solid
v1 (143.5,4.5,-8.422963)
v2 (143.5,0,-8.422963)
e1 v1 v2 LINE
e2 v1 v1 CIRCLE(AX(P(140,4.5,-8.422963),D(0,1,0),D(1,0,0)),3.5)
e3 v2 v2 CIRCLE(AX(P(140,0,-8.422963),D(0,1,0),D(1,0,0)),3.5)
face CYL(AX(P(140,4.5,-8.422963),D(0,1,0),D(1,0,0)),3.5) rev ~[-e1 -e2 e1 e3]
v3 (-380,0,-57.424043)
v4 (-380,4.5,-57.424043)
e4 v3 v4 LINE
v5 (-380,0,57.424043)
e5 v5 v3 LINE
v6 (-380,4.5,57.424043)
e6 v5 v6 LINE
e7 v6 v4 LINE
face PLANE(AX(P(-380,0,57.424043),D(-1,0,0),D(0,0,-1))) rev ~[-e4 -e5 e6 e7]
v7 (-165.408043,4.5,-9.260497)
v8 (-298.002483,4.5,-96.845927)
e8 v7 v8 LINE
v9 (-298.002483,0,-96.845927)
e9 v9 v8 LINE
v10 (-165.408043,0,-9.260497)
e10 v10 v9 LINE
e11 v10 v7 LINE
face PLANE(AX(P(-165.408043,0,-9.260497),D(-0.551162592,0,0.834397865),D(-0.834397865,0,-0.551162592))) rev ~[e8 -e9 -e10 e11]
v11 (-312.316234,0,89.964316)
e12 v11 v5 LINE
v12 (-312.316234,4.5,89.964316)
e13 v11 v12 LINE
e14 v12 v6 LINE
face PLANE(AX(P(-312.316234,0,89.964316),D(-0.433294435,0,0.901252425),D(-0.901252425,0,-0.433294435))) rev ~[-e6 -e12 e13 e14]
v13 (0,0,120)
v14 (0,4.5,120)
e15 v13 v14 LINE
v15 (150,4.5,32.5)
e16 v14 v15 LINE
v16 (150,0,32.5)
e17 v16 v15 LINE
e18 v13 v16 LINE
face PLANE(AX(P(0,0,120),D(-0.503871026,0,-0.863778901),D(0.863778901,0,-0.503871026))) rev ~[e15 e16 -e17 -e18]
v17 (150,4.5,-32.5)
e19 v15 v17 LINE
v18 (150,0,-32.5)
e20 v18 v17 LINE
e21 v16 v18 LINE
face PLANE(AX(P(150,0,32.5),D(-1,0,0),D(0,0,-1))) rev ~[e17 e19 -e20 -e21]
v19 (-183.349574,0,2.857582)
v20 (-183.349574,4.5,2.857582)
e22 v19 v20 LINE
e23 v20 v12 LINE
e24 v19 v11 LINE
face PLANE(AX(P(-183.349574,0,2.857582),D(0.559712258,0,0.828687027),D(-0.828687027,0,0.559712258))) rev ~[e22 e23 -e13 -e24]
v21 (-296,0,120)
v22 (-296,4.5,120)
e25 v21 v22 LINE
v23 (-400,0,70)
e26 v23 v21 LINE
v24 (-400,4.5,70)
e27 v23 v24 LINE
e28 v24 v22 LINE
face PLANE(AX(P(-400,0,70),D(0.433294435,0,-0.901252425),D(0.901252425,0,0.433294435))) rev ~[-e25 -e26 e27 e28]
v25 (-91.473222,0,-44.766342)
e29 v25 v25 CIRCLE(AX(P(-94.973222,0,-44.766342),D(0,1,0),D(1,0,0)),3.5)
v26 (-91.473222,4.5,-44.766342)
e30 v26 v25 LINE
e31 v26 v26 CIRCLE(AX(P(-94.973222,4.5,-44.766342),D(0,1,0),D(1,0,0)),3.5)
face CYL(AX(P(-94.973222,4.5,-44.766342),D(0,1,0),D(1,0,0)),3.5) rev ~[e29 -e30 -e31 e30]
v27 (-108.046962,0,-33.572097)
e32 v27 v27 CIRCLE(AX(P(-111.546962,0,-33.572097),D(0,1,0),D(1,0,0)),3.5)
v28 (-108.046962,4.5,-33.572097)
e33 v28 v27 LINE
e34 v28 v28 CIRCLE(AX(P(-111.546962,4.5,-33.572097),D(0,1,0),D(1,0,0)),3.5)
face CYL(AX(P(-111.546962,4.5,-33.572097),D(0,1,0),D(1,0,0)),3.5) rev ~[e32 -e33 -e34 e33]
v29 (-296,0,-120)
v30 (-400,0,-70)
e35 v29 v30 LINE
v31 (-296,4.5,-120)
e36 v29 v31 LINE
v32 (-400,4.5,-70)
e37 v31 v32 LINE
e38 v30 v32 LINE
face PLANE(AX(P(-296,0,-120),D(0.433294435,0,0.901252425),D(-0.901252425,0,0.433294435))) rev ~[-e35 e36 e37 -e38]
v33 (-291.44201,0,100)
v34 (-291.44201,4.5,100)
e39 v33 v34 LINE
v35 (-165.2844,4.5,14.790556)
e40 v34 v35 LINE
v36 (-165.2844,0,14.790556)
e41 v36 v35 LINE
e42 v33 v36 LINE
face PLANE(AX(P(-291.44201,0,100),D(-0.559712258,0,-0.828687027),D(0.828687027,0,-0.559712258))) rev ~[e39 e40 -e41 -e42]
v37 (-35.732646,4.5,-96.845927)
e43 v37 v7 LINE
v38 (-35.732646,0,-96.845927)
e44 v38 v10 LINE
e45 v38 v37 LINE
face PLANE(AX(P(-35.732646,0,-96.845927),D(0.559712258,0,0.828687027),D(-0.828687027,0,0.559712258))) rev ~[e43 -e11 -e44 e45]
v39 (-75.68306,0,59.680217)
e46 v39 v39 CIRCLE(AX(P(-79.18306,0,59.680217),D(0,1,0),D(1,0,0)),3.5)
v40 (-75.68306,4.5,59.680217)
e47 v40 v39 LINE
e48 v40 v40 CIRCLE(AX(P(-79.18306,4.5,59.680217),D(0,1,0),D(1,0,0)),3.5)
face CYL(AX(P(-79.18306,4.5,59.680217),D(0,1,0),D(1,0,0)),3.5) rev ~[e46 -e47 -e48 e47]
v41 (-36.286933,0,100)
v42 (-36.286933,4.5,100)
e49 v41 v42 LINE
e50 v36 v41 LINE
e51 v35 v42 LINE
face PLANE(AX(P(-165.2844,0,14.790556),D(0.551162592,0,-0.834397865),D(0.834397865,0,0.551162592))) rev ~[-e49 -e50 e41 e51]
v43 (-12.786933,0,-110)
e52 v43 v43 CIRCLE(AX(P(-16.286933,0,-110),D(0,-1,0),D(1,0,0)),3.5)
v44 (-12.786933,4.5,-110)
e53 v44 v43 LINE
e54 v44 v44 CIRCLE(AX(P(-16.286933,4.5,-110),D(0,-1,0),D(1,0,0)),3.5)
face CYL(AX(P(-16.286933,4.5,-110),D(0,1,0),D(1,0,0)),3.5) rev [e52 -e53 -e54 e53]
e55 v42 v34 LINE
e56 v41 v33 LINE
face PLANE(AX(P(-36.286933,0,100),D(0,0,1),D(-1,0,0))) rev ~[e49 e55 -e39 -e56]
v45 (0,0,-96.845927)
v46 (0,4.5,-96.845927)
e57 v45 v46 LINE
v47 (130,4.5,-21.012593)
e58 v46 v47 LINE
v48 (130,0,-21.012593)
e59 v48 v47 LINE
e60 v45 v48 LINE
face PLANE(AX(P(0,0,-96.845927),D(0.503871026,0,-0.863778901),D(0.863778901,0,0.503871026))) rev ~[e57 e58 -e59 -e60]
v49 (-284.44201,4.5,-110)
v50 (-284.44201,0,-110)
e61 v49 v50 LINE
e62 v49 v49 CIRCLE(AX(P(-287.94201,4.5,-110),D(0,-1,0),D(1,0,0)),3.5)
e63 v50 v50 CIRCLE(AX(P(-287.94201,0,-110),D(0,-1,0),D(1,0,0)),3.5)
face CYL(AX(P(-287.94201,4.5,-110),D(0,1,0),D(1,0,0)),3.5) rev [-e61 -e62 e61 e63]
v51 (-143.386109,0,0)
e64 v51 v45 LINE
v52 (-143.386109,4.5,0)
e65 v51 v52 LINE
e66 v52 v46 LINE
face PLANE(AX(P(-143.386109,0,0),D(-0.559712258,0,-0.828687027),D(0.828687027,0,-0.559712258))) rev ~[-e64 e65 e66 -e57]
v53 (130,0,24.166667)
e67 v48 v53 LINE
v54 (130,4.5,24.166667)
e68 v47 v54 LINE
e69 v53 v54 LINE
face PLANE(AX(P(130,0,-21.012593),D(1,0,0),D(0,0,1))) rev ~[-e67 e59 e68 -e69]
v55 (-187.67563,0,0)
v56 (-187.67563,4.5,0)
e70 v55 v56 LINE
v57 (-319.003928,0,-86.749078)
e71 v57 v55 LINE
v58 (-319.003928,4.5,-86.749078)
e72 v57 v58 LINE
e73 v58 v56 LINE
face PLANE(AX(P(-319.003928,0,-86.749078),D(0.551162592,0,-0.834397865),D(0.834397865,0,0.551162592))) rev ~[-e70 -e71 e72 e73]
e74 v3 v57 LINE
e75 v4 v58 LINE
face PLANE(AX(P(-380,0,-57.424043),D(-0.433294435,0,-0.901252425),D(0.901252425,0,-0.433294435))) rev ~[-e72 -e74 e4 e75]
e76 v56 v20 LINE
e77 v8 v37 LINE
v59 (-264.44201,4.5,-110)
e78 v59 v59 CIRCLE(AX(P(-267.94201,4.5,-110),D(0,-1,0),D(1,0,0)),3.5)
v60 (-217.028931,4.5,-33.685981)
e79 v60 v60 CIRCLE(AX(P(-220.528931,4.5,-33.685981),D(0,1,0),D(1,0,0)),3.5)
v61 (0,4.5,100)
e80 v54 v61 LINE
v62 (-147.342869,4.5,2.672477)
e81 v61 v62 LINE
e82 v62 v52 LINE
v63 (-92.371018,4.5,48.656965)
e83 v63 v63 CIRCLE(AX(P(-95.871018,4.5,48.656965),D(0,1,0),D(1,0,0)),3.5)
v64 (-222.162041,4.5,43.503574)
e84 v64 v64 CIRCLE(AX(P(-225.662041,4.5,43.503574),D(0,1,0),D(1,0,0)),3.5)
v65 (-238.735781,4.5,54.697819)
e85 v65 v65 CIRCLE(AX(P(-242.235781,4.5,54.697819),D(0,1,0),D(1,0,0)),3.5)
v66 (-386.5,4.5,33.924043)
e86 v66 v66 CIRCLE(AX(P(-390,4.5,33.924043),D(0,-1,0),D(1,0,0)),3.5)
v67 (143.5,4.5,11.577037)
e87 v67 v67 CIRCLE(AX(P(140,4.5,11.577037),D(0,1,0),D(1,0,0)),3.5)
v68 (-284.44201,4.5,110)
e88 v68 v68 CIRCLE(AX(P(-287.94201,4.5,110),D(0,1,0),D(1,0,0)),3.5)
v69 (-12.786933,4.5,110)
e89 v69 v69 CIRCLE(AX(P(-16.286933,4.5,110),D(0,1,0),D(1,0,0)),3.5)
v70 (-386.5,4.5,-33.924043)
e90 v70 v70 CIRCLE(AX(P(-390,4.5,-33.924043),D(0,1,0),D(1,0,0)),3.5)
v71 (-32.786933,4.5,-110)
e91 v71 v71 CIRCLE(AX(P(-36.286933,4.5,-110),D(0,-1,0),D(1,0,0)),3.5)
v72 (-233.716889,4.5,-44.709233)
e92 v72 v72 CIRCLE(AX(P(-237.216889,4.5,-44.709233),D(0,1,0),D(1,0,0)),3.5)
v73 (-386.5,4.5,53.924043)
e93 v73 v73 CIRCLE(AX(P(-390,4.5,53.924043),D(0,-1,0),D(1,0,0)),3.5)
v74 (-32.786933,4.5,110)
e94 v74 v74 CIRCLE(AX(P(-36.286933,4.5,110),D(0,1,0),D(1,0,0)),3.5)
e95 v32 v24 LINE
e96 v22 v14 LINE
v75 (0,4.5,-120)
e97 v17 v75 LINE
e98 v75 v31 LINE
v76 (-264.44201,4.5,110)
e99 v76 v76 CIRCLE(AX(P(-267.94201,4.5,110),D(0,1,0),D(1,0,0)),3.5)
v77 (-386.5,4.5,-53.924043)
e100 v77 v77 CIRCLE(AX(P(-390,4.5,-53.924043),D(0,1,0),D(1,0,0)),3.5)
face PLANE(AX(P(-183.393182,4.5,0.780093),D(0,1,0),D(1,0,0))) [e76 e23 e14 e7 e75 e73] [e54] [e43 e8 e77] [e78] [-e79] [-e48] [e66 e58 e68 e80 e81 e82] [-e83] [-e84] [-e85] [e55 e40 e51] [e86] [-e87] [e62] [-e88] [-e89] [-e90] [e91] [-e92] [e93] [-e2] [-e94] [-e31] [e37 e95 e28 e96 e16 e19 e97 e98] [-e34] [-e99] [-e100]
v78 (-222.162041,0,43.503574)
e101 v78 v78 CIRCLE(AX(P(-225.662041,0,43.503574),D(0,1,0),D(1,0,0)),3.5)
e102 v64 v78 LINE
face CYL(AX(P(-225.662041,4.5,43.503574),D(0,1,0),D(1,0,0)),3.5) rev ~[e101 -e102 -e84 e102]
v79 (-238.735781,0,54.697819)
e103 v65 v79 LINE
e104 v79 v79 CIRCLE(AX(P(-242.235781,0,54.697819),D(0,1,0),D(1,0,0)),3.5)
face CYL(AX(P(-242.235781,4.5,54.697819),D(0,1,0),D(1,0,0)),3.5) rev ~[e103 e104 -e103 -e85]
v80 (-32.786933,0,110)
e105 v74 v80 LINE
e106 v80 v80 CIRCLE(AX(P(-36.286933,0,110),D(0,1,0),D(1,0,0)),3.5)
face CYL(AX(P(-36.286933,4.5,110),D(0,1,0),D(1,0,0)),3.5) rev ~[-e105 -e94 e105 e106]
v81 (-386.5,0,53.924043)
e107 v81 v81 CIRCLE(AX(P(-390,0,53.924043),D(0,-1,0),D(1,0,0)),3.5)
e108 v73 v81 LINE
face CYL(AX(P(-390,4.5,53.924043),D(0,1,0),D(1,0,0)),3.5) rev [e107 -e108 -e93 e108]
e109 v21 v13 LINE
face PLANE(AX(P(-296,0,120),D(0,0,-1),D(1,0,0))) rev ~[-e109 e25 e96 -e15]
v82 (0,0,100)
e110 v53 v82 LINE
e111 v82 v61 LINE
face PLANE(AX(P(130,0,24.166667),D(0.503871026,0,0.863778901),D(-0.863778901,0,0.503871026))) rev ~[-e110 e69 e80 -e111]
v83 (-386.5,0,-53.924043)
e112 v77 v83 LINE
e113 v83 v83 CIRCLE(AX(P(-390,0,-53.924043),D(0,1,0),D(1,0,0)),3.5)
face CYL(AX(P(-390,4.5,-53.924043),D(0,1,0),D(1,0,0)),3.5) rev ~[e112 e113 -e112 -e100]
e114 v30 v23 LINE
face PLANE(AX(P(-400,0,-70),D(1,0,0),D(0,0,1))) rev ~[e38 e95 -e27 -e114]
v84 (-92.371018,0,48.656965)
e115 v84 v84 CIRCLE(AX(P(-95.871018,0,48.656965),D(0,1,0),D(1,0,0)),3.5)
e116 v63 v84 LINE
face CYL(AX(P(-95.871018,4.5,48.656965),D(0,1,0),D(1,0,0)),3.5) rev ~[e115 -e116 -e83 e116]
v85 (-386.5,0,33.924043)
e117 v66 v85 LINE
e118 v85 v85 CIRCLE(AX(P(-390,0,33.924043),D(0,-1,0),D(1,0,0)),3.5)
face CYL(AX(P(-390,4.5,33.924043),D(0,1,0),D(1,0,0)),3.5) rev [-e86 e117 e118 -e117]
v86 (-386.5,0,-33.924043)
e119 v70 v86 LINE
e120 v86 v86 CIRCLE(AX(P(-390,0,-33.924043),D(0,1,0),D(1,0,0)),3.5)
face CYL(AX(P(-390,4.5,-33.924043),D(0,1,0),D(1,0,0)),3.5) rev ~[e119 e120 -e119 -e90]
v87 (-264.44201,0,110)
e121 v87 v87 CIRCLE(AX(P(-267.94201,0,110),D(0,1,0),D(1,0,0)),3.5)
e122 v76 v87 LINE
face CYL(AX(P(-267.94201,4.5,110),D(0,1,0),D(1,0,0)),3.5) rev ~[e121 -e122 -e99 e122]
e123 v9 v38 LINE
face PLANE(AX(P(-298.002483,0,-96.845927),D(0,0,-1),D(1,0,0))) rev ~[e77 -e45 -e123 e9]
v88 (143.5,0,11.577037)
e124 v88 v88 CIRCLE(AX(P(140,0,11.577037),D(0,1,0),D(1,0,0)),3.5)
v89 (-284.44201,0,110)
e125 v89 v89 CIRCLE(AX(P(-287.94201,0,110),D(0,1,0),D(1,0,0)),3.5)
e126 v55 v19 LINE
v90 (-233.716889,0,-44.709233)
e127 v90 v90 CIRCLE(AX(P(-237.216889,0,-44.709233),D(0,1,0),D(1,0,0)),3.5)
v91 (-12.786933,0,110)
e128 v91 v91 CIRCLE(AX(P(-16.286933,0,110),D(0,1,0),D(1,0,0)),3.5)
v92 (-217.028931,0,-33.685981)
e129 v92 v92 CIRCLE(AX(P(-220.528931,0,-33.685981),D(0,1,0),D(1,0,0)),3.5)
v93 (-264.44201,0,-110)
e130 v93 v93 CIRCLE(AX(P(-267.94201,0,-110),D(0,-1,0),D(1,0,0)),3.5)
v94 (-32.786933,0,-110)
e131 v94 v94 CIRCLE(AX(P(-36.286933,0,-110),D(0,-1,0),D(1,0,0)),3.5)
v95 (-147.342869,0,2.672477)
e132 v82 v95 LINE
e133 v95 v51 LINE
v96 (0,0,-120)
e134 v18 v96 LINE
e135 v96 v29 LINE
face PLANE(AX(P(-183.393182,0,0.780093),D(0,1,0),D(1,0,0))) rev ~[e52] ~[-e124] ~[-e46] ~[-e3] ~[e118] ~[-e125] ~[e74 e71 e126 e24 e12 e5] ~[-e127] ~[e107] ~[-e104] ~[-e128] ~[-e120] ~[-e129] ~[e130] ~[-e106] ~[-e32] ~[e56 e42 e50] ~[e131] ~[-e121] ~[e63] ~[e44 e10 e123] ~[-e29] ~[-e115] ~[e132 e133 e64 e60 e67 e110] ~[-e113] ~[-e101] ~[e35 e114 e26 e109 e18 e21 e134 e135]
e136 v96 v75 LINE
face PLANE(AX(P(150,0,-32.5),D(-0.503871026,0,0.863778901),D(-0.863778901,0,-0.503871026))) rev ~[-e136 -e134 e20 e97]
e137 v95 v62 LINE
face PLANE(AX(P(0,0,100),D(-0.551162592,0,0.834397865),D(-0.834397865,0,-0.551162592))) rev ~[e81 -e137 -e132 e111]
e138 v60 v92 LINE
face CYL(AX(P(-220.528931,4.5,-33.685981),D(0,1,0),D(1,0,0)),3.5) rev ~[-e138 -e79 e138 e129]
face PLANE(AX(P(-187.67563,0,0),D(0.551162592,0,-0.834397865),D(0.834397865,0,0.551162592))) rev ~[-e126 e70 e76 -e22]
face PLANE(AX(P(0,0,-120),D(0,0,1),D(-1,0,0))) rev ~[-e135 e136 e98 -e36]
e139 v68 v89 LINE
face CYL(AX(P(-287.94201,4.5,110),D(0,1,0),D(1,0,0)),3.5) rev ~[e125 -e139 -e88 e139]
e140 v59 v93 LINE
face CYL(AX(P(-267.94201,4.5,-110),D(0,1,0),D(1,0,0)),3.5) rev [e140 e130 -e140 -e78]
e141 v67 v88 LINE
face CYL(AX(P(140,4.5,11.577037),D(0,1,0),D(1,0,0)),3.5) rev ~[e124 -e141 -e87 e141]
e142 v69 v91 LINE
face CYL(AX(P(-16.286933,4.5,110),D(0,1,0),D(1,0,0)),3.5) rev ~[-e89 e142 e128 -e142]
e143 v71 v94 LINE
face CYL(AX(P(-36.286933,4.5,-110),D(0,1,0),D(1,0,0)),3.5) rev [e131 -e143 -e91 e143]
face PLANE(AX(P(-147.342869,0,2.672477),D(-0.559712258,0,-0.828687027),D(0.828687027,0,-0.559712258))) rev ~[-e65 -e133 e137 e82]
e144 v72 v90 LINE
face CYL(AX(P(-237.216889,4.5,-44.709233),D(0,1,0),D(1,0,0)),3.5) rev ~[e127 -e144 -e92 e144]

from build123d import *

# Parameters (mm, degrees)
BOSS_EXTRUDE3_DEPTH = 4.5
SKETCH2_R           = 3.5
CUT_EXTRUDE2_DEPTH  = 4.5
SKETCH3_R           = 3.5
CUT_EXTRUDE3_DEPTH  = 4.5
SKETCH4_R           = 3.5
CUT_EXTRUDE4_DEPTH  = 4.5
SKETCH5_R           = 3.5
CUT_EXTRUDE5_DEPTH  = 4.5
SKETCH6_R           = 3.5
CUT_EXTRUDE6_DEPTH  = 4.5
SKETCH7_R           = 3.5
CUT_EXTRUDE7_DEPTH  = 4.5
SKETCH8_R           = 3.5
CUT_EXTRUDE8_DEPTH  = 4.5
SKETCH9_R           = 3.5
CUT_EXTRUDE9_DEPTH  = 4.5


with BuildPart() as part:
    # Sketch1 → Boss-Extrude3 (new body)
    with BuildSketch(Plane(origin=(0, 0, 0), x_dir=(1, 0, 0), z_dir=(0, 1, 0))):
        Polygon((-183.349573846, -2.857581752), (-179.118755434, 0), (-187.675629618, 0), align=None)
        Polygon((-179.118755434, 0), (-151.388696713, 0), (-165.408042798, 9.260497243), align=None)
        Polygon((-165.284400003, -14.790555769), (-147.342868955, -2.672476774), (-151.388696713, 0), (-179.118755434, 0), (-183.349573846, -2.857581752), align=None)
        Polygon((-147.342868955, -2.672476774), (-143.386109387, 0), (-151.388696713, 0), align=None)
        Polygon((-143.386109387, 0), (0, 96.845926684), (-35.732646047, 96.845926684), (-165.408042798, 9.260497243), (-151.388696713, 0), align=None)
        Polygon((-36.286932906, -100), (0, -100), (-147.342868955, -2.672476774), (-165.284400003, -14.790555769), align=None)
        Polygon((-165.408042798, 9.260497243), (-298.002482939, 96.845926684), (-319.003928208, 86.749077997), (-187.675629618, 0), (-179.118755434, 0), align=None)
        Polygon((-312.316233719, -89.964315732), (-291.442010442, -100), (-165.284400003, -14.790555769), (-183.349573846, -2.857581752), align=None)
        Polygon((0, -120), (0, -100), (-36.286932906, -100), (-291.442010442, -100), (-312.316233719, -89.964315732), (-380, -57.424043482), (-380, 0), (-400, 0), (-400, -70), (-296, -120), align=None)
        Polygon((130, -24.166666667), (0, -100), (0, -120), (150, -32.5), (150, 0), (130, 0), align=None)
        Polygon((0, 120), (0, 96.845926684), (130, 21.012593351), (130, 0), (150, 0), (150, 32.5), align=None)
        Polygon((-35.732646047, 96.845926684), (0, 96.845926684), (0, 120), (-296, 120), (-400, 70), (-400, 0), (-380, 0), (-380, 57.424043482), (-319.003928208, 86.749077997), (-298.002482939, 96.845926684), align=None)
    extrude(amount=BOSS_EXTRUDE3_DEPTH)

    # Sketch2 → Cut-Extrude2 (cut)
    with BuildSketch(Plane(origin=(0, 4.5, 0), x_dir=(1, 0, 0), z_dir=(0, 1, 0))):
        with Locations((-16.286932906, -110)):
            Circle(SKETCH2_R)
        with Locations((-36.286932906, -110)):
            Circle(SKETCH2_R)
    cut_extrude2 = extrude(amount=-CUT_EXTRUDE2_DEPTH, mode=Mode.SUBTRACT)

    # Mirror1: Cut-Extrude2 across plane
    add(cut_extrude2.mirror(Plane.XY), mode=Mode.SUBTRACT)

    # Sketch3 → Cut-Extrude3 (cut)
    with BuildSketch(Plane(origin=(0, 4.5, 0), x_dir=(1, 0, 0), z_dir=(0, 1, 0))):
        with Locations((-287.942010442, -110)):
            Circle(SKETCH3_R)
        with Locations((-267.942010442, -110)):
            Circle(SKETCH3_R)
    cut_extrude3 = extrude(amount=-CUT_EXTRUDE3_DEPTH, mode=Mode.SUBTRACT)

    # Mirror2: Cut-Extrude3 across plane
    add(cut_extrude3.mirror(Plane.XY), mode=Mode.SUBTRACT)

    # Sketch4 → Cut-Extrude4 (cut)
    with BuildSketch(Plane(origin=(0, 4.5, 0), x_dir=(1, 0, 0), z_dir=(0, 1, 0))):
        with Locations((140, 8.422963342)):
            Circle(SKETCH4_R)
        with Locations((140, -11.577036658)):
            Circle(SKETCH4_R)
    extrude(amount=-CUT_EXTRUDE4_DEPTH, mode=Mode.SUBTRACT)

    # Sketch5 → Cut-Extrude5 (cut)
    with BuildSketch(Plane(origin=(0, 4.5, 0), x_dir=(1, 0, 0), z_dir=(0, 1, 0))):
        with Locations((-390, 53.924043482)):
            Circle(SKETCH5_R)
        with Locations((-390, 33.924043482)):
            Circle(SKETCH5_R)
    cut_extrude5 = extrude(amount=-CUT_EXTRUDE5_DEPTH, mode=Mode.SUBTRACT)

    # Mirror3: Cut-Extrude5 across plane
    add(cut_extrude5.mirror(Plane.XY), mode=Mode.SUBTRACT)

    # Sketch6 → Cut-Extrude6 (cut)
    with BuildSketch(Plane(origin=(0, 4.5, 0), x_dir=(1, 0, 0), z_dir=(0, 1, 0))):
        with Locations((-237.21688879, 44.709233314)):
            Circle(SKETCH6_R)
        with Locations((-220.528931491, 33.685981472)):
            Circle(SKETCH6_R)
    extrude(amount=-CUT_EXTRUDE6_DEPTH, mode=Mode.SUBTRACT)

    # Sketch7 → Cut-Extrude7 (cut)
    with BuildSketch(Plane(origin=(0, 4.5, 0), x_dir=(1, 0, 0), z_dir=(0, 1, 0))):
        with Locations((-242.235781203, -54.69781901)):
            Circle(SKETCH7_R)
        with Locations((-225.662040668, -43.503573852)):
            Circle(SKETCH7_R)
    extrude(amount=-CUT_EXTRUDE7_DEPTH, mode=Mode.SUBTRACT)

    # Sketch8 → Cut-Extrude8 (cut)
    with BuildSketch(Plane(origin=(0, 4.5, 0), x_dir=(1, 0, 0), z_dir=(0, 1, 0))):
        with Locations((-94.973221843, 44.766341696)):
            Circle(SKETCH8_R)
        with Locations((-111.546962379, 33.572096538)):
            Circle(SKETCH8_R)
    extrude(amount=-CUT_EXTRUDE8_DEPTH, mode=Mode.SUBTRACT)

    # Sketch9 → Cut-Extrude9 (cut)
    with BuildSketch(Plane(origin=(0, 4.5, 0), x_dir=(1, 0, 0), z_dir=(0, 1, 0))):
        with Locations((-95.871017698, -48.656965194)):
            Circle(SKETCH9_R)
        with Locations((-79.183060399, -59.680217036)):
            Circle(SKETCH9_R)
    extrude(amount=-CUT_EXTRUDE9_DEPTH, mode=Mode.SUBTRACT)


solid = part.part
